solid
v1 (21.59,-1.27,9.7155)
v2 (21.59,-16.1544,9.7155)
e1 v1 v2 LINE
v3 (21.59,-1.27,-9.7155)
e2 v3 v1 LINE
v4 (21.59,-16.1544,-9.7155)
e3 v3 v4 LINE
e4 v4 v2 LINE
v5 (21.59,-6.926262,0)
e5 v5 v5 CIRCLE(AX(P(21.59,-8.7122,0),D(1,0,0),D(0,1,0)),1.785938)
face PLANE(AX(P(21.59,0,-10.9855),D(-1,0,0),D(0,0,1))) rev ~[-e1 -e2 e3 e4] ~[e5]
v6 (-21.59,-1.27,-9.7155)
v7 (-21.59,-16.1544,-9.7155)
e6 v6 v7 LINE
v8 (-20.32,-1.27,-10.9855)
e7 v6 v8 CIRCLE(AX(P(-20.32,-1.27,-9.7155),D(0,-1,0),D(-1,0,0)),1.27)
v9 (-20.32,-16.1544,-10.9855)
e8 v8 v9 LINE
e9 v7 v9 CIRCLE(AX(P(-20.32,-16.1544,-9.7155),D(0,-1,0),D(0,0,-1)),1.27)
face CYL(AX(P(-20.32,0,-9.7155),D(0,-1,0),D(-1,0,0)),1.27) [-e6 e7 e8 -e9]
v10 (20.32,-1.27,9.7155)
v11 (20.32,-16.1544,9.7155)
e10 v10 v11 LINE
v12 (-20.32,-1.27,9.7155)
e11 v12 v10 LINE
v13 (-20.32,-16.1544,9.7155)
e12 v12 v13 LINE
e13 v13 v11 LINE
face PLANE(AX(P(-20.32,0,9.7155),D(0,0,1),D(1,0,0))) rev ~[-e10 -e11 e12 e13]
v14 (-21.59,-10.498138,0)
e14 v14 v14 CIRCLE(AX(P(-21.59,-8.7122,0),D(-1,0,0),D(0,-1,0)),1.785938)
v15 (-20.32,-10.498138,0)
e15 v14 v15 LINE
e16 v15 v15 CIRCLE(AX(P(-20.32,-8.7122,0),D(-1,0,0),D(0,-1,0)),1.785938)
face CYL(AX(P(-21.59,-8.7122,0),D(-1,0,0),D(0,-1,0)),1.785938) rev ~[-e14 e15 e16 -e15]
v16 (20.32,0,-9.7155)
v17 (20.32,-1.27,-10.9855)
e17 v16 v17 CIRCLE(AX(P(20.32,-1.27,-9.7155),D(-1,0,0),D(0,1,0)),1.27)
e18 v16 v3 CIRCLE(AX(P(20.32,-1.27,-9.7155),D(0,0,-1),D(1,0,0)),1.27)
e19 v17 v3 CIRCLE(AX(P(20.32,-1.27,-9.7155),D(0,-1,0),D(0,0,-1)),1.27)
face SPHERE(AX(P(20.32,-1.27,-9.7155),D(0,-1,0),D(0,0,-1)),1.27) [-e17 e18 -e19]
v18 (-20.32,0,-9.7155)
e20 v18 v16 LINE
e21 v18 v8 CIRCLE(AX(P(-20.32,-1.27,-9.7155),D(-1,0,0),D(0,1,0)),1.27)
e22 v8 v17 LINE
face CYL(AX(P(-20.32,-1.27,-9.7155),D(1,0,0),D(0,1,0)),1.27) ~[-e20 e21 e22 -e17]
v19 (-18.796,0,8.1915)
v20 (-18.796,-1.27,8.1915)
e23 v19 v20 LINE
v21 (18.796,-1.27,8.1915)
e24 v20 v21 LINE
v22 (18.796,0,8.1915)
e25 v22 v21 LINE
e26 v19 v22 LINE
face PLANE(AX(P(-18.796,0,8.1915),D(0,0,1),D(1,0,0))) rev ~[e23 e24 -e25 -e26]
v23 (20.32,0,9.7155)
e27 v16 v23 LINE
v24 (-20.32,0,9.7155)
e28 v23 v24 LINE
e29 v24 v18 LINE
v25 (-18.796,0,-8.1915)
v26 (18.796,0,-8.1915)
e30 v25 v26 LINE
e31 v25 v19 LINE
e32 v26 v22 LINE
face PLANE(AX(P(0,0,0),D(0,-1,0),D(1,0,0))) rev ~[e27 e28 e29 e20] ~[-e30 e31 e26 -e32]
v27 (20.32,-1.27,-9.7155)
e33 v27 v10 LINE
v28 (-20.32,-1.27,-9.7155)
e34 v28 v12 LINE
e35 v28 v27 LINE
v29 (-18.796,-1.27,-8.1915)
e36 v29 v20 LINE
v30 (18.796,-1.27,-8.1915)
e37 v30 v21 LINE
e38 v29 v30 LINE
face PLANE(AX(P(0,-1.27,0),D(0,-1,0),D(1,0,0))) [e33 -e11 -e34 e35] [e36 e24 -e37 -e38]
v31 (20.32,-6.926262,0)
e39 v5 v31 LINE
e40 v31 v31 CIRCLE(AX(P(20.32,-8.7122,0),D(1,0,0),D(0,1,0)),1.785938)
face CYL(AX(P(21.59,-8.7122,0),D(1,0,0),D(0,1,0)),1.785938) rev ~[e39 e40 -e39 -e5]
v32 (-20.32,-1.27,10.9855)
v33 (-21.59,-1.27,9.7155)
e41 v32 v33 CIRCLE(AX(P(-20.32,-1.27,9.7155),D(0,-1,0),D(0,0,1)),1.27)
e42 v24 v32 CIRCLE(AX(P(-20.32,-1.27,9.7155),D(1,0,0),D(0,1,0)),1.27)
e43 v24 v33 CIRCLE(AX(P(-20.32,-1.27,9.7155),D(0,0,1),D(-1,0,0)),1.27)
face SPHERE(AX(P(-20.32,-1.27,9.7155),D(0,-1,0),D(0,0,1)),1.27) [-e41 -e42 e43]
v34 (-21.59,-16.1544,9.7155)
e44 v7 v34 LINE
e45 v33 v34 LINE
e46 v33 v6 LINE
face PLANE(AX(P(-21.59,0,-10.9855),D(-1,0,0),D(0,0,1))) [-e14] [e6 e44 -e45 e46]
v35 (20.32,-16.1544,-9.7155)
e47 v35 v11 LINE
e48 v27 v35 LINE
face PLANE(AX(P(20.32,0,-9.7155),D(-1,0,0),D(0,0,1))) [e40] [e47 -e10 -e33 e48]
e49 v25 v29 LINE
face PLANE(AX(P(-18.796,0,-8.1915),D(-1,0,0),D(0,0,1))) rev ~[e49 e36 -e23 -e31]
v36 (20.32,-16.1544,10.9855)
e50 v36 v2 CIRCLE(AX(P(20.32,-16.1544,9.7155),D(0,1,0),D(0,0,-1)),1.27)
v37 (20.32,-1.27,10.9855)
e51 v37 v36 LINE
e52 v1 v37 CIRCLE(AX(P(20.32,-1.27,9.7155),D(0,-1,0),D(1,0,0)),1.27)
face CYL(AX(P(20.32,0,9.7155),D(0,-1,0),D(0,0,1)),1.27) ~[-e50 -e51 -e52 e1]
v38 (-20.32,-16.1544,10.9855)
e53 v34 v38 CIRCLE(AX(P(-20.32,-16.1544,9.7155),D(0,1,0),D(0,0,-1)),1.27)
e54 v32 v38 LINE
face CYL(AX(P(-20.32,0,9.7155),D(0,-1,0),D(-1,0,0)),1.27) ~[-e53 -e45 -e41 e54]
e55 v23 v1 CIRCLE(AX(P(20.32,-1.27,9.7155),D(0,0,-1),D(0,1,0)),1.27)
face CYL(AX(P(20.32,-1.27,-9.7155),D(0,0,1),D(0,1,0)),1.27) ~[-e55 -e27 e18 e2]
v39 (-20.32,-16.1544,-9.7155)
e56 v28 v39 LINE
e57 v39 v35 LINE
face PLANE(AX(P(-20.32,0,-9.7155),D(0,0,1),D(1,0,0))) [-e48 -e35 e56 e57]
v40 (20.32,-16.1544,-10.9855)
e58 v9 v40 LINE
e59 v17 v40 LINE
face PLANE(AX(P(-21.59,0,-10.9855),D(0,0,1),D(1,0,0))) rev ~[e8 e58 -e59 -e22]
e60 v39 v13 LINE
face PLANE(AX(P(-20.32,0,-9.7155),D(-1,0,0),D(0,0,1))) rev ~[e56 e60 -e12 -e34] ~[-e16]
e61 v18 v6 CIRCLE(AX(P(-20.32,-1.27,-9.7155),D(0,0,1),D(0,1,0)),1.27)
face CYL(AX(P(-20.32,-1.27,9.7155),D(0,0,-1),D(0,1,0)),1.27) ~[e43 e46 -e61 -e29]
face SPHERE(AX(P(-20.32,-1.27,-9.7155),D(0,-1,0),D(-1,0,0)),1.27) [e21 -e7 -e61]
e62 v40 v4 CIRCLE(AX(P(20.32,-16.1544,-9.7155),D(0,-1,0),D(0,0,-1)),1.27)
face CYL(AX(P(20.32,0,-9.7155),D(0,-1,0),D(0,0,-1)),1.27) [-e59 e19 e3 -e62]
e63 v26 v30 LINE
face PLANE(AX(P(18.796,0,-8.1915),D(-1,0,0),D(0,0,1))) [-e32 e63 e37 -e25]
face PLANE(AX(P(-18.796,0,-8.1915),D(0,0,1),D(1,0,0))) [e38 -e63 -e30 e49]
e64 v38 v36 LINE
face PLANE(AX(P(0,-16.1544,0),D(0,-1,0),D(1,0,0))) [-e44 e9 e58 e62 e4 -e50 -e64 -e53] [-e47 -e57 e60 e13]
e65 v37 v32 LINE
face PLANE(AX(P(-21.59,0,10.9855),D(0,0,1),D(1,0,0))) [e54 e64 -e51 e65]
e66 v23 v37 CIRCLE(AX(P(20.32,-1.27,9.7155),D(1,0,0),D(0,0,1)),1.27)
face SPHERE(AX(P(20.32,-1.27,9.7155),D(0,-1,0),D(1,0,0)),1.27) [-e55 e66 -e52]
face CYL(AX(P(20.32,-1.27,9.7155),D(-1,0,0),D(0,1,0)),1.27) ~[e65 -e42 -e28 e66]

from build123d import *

# Parameters (mm, degrees)
F0_W     = 43.18
F0_H     = 21.971
F0_W_2   = 40.64
F0_H_2   = 19.431
F1_DEPTH = 16.1544
F0_W_3   = 37.592
F0_H_3   = 16.383
F2_DEPTH = 1.27
F3_R     = 1.27
F4_R     = 1.27
F5_R     = 1.785938
F6_DEPTH = 7.62
F7_R     = 1.785938
F8_DEPTH = 7.62


with BuildPart() as f1:
    # F0 (on Front) → F1 (new body)
    with BuildSketch(Plane.XZ):
        Rectangle(F0_W, F0_H)
        Rectangle(F0_W_2, F0_H_2, mode=Mode.SUBTRACT)
    extrude(amount=F1_DEPTH)

    # F0 (on Front) → F2 (join)
    with BuildSketch(Plane.XZ):
        Rectangle(F0_W_2, F0_H_2)
        Rectangle(F0_W_3, F0_H_3, mode=Mode.SUBTRACT)
    extrude(amount=F2_DEPTH)

    # F3
    f3_edges = [f1.edges().sort_by_distance(p)[0] for p in [
        (-21.59, -8.0772, 10.9855),
        (-21.59, -8.0772, -10.9855),
        (21.59, -8.0772, -10.9855),
        (21.59, -8.0772, 10.9855),
    ]]
    fillet(f3_edges, radius=F3_R)

    # F4
    f4_edges = [f1.edges().sort_by_distance(p)[0] for p in [
        (0, 0, -10.9855),
    ]]
    fillet(f4_edges, radius=F4_R)

    # F5 (on face) → F6 (cut)
    with BuildSketch(Plane.YZ.offset(21.59)):
        with Locations((-8.7122, 0)):
            Circle(F5_R)
    extrude(amount=-F6_DEPTH, mode=Mode.SUBTRACT)

    # F7 (on face) → F8 (cut)
    with BuildSketch(Plane(origin=(-21.59, 0, 0), x_dir=(0, -1, 0), z_dir=(-1, 0, 0))):
        with Locations((8.7122, 0)):
            Circle(F7_R)
    extrude(amount=-F8_DEPTH, mode=Mode.SUBTRACT)


solid = f1.part
